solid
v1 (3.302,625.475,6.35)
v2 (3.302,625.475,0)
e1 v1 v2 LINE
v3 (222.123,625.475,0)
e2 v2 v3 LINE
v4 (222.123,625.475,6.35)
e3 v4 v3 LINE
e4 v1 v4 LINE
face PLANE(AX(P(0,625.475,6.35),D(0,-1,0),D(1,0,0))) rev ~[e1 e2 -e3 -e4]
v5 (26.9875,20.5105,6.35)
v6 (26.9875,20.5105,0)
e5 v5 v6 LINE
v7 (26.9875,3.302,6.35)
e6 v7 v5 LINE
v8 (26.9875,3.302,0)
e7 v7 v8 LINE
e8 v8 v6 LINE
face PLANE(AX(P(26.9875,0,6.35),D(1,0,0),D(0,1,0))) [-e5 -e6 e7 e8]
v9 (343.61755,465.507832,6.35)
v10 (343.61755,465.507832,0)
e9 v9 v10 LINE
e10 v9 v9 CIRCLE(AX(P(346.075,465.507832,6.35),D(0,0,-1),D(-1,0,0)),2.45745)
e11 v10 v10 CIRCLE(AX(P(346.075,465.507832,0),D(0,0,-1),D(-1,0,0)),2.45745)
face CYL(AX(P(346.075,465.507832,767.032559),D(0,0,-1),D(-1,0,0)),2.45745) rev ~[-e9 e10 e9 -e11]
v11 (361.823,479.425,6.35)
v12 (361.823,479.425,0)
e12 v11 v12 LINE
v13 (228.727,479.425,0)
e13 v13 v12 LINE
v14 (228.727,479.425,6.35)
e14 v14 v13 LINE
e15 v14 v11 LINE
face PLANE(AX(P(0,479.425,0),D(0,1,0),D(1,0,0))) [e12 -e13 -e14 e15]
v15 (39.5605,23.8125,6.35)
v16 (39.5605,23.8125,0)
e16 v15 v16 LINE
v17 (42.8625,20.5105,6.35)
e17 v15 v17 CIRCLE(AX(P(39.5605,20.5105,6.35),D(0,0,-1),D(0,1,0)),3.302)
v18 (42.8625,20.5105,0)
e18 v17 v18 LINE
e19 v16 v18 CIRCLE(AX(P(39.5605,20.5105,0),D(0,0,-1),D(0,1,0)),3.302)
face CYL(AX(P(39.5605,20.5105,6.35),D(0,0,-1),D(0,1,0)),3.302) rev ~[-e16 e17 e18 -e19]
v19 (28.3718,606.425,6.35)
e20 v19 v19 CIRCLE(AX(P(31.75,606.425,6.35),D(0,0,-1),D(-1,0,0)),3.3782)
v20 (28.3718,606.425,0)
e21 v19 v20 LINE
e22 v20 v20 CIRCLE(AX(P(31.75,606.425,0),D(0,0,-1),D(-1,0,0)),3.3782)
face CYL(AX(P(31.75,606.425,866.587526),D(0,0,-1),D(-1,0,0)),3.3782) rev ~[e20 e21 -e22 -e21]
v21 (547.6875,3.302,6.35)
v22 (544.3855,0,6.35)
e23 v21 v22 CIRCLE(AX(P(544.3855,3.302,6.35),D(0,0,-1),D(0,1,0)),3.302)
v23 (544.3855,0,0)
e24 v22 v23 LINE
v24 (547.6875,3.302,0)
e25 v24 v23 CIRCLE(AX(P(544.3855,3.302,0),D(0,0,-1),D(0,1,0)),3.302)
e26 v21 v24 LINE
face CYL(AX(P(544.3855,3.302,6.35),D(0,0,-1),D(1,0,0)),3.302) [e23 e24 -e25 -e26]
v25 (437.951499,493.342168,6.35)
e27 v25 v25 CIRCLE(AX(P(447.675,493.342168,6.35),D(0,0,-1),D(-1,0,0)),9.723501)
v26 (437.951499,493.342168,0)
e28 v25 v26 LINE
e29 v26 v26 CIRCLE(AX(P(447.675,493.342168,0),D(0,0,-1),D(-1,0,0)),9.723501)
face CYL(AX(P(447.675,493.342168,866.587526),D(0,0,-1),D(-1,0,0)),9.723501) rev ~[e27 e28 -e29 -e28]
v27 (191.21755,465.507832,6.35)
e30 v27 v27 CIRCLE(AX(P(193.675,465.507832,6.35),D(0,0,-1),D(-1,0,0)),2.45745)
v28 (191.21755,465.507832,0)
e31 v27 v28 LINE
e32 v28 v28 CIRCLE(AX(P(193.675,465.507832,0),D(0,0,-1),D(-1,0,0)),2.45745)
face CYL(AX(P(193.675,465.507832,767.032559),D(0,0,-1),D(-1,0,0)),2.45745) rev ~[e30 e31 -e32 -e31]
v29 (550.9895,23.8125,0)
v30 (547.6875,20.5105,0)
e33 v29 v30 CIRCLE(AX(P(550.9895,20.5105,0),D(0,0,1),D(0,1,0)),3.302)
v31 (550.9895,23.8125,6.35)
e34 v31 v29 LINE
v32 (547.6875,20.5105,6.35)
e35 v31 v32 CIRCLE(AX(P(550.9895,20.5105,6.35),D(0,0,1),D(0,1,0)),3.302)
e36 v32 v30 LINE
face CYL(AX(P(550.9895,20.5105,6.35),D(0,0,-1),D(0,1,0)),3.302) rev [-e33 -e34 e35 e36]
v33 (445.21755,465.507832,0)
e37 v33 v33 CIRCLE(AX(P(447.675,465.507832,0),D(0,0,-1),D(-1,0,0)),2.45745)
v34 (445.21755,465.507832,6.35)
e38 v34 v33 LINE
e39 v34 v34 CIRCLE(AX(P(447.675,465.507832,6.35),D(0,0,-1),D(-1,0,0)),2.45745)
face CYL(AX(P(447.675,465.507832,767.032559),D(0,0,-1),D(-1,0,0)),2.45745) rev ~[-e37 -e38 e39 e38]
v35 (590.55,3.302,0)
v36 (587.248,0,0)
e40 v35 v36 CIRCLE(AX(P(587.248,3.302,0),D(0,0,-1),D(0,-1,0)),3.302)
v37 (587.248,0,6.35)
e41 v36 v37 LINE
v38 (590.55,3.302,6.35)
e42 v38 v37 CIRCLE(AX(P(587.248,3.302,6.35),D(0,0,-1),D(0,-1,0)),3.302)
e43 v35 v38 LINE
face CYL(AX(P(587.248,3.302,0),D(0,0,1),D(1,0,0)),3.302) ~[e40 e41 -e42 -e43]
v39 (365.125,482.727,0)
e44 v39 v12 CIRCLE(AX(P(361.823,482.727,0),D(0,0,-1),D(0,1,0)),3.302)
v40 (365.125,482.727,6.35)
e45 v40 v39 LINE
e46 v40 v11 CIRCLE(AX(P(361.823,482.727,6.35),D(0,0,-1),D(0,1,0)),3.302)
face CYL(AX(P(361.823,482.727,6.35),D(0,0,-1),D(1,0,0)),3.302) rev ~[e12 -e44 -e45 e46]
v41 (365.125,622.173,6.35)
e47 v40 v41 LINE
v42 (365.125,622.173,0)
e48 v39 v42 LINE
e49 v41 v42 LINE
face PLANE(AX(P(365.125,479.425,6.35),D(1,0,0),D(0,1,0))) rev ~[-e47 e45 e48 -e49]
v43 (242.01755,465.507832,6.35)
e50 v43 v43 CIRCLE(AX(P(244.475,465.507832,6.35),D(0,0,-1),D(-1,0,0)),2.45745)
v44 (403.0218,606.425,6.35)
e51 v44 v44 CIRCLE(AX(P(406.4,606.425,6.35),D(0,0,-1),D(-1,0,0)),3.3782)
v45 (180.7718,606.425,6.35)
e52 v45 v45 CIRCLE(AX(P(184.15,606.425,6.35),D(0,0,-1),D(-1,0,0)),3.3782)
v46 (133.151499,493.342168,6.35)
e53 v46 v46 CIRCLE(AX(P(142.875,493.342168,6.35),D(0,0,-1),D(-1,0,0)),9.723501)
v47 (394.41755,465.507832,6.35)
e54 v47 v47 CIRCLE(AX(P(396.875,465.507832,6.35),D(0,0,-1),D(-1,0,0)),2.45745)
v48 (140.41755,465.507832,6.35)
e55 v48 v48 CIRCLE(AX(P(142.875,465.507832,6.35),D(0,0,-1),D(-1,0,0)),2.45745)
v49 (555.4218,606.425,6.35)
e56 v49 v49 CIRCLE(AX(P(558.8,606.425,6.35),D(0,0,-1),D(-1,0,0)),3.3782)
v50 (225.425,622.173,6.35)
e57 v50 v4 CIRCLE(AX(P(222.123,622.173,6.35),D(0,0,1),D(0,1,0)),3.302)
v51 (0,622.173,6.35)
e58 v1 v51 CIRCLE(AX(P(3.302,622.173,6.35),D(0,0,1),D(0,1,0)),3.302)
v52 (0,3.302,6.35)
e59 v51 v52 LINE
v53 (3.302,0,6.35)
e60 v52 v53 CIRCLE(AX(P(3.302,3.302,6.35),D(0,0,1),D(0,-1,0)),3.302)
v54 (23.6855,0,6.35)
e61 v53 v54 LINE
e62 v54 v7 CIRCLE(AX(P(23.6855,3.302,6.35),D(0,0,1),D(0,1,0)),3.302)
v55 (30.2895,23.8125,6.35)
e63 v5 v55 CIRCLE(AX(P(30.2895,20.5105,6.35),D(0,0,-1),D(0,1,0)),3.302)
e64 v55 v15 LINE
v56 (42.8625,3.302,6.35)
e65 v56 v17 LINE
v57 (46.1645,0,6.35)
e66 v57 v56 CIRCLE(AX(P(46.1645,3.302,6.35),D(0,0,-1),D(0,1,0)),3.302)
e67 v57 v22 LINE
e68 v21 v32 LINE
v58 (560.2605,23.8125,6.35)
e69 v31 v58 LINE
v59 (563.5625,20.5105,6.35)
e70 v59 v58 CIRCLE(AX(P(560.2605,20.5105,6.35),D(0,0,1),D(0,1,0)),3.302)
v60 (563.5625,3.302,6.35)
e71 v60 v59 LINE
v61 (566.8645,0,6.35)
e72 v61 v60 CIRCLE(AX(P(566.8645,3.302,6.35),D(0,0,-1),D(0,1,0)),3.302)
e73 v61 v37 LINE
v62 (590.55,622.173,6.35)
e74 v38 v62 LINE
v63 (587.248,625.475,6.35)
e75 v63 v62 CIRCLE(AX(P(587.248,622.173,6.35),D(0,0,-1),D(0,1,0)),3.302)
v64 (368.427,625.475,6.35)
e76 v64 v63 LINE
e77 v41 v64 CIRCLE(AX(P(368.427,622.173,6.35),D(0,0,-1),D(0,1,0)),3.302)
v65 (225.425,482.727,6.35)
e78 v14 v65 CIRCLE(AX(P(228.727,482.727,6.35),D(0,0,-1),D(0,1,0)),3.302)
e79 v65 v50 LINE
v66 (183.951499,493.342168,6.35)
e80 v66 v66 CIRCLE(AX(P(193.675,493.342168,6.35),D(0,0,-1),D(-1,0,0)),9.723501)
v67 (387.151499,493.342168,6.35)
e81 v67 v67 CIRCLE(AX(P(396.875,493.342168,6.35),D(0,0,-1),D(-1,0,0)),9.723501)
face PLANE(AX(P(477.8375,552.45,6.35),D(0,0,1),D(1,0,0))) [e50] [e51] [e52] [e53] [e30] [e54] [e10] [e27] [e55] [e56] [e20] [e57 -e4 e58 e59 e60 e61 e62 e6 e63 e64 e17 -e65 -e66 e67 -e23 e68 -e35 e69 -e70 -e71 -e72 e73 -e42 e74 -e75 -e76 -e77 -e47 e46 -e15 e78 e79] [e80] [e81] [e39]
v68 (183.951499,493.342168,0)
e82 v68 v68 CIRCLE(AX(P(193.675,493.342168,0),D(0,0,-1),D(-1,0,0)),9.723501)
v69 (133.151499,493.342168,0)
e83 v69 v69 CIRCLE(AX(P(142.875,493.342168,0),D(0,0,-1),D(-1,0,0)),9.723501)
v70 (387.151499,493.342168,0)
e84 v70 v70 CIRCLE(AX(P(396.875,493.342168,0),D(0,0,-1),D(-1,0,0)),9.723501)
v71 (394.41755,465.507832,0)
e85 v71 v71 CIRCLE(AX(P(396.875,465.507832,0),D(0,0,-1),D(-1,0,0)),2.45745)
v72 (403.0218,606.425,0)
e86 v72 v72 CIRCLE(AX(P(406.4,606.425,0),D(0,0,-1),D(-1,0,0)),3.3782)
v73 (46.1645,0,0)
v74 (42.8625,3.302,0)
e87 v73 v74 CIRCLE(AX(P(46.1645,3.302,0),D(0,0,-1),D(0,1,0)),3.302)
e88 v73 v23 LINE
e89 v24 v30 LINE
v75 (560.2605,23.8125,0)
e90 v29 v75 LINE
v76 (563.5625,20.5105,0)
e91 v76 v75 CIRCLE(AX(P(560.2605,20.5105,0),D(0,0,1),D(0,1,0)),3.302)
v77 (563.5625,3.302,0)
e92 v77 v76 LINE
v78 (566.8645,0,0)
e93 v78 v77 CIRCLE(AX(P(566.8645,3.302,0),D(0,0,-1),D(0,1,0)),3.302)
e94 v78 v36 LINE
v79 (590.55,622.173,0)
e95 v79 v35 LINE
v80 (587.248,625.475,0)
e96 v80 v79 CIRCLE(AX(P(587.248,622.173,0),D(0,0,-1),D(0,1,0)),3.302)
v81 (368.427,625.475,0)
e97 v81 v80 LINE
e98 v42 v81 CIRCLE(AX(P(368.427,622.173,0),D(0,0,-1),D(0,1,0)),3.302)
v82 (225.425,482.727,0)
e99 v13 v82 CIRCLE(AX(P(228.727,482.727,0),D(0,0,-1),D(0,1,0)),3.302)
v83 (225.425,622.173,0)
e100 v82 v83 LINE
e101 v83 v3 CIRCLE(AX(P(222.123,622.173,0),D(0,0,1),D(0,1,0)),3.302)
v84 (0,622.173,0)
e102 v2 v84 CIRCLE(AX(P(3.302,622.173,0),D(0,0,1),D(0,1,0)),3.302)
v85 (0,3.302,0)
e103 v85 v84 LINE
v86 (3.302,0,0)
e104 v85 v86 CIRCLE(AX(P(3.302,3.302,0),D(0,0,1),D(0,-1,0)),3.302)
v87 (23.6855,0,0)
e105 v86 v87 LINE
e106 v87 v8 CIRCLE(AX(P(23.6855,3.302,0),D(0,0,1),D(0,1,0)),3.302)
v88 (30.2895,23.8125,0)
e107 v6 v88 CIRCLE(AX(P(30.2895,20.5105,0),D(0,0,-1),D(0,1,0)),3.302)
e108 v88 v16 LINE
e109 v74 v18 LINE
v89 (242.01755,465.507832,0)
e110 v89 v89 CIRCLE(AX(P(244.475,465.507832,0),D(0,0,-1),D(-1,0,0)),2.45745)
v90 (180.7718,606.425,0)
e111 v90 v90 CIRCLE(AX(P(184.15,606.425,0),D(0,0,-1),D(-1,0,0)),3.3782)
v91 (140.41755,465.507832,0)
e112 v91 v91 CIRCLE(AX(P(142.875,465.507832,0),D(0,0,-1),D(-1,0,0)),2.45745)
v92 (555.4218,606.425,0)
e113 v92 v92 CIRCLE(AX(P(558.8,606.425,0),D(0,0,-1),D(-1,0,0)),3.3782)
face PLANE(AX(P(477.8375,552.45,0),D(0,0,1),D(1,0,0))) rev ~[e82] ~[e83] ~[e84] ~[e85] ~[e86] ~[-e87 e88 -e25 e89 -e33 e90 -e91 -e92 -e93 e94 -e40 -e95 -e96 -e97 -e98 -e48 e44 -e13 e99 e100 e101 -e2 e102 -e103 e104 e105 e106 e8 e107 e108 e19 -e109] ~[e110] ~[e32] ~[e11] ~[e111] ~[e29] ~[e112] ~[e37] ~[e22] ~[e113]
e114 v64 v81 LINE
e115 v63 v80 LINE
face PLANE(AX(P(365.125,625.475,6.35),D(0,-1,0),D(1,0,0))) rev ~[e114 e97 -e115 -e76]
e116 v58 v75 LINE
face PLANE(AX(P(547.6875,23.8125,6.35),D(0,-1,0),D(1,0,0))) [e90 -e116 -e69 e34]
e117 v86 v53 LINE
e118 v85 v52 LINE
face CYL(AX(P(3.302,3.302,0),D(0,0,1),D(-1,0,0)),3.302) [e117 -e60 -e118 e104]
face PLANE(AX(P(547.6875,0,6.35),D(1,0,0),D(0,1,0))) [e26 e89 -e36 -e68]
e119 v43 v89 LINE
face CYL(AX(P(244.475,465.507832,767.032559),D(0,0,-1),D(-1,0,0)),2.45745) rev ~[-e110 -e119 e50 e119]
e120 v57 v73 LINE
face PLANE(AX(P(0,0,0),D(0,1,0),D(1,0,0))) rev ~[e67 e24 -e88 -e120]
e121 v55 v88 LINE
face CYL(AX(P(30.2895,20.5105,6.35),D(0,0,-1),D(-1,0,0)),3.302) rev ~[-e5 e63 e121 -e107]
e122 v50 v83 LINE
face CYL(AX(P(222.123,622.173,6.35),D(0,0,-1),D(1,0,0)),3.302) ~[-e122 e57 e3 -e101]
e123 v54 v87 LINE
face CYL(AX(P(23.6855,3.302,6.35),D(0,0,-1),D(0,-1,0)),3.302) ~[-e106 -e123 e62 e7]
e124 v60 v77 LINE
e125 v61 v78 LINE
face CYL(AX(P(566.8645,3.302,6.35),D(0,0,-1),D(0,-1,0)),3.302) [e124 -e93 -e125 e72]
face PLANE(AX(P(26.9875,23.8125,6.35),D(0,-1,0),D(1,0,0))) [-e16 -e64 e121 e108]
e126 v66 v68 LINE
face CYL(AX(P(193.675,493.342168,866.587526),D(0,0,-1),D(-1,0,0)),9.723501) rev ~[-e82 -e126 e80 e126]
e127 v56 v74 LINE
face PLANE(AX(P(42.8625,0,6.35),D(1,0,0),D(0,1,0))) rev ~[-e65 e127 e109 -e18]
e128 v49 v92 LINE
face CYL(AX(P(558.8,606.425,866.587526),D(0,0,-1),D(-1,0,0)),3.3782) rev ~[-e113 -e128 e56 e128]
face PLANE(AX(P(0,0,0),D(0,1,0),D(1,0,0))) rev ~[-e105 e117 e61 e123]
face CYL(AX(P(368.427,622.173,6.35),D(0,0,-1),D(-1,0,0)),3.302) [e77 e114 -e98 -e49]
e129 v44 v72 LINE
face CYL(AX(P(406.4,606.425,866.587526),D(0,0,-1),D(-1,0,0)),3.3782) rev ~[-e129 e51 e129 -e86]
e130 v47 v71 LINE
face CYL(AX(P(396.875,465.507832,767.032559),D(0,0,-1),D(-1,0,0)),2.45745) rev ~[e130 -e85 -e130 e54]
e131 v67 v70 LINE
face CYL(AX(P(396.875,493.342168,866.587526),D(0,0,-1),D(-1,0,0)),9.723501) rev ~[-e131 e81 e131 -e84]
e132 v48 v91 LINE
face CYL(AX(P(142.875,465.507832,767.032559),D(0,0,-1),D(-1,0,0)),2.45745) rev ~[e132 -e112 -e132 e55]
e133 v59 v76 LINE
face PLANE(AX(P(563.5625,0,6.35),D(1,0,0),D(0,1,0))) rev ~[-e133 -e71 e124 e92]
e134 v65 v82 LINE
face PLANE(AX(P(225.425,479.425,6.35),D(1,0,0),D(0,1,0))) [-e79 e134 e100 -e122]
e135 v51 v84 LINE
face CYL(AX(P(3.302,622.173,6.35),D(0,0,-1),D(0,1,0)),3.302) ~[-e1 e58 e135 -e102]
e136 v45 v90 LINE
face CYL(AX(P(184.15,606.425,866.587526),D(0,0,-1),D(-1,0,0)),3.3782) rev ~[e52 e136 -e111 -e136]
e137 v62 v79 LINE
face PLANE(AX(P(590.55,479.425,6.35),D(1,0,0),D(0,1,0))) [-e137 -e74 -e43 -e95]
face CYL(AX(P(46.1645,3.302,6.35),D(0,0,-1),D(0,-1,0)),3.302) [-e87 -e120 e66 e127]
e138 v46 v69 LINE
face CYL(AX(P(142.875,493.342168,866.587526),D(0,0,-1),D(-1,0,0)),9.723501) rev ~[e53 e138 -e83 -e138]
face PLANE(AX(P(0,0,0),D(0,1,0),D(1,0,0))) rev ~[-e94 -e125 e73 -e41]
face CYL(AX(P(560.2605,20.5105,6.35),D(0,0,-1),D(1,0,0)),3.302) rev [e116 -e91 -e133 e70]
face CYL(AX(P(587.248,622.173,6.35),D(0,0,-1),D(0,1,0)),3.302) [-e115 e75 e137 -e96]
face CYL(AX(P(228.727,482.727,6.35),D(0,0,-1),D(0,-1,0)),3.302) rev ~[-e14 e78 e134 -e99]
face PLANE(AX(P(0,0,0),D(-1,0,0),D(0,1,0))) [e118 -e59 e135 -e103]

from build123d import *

# Parameters (mm, degrees)
SKETCH1_W                        = 590.55
SKETCH1_H                        = 479.425
BOSS_EXTRUDE1_DEPTH              = 6.35
SKETCH2_W                        = 15.875
SKETCH2_H                        = 23.8125
CUT_EXTRUDE1_DEPTH               = 761.682559038
F_10_0_1935_DIAMETER_HOLE1_D     = 4.9149
SKETCH6_W                        = 225.425
SKETCH6_H                        = 146.05
BOSS_EXTRUDE3_DEPTH              = 6.35
F_49_64_0_76563_DIAMETER_HOLE1_D = 19.447002
F_1_4_CLEARANCE_HOLE1_D          = 6.7564
FILLET1_R                        = 3.302


with BuildPart() as part:
    # Sketch1 → Boss-Extrude1 (new body)
    with BuildSketch(Plane.XY):
        with Locations((295.275, 239.7125)):
            Rectangle(SKETCH1_W, SKETCH1_H)
    extrude(amount=BOSS_EXTRUDE1_DEPTH)

    # Sketch2 → Cut-Extrude1 (cut, through all)
    with BuildSketch(Plane.XY.offset(6.35)):
        with Locations((34.925, 11.90625)):
            Rectangle(SKETCH2_W, SKETCH2_H)
        with Locations((555.625, 11.90625)):
            Rectangle(SKETCH2_W, SKETCH2_H)
    extrude(amount=-CUT_EXTRUDE1_DEPTH, mode=Mode.SUBTRACT)

    # #10 (0.1935) Diameter Hole1 (through all)
    with Locations(Plane.XY.offset(6.35)):
        with Locations((142.875, 465.507832), (244.475, 465.507832), (346.075, 465.507832), (447.675, 465.507832), (193.675, 465.507832), (396.875, 465.507832)):
            Hole(F_10_0_1935_DIAMETER_HOLE1_D / 2)

    # Sketch6 → Boss-Extrude3 (add)
    with BuildSketch(Plane.XY.offset(6.35)):
        with Locations((477.8375, 552.45)):
            Rectangle(SKETCH6_W, SKETCH6_H)
        with Locations((112.7125, 552.45)):
            Rectangle(SKETCH6_W, SKETCH6_H)
    extrude(amount=-BOSS_EXTRUDE3_DEPTH)

    # 49/64 (0.76563) Diameter Hole1 (through all)
    with Locations(Plane.XY.offset(6.35)):
        with Locations((142.875, 493.342168), (447.675, 493.342168), (193.675, 493.342168), (396.875, 493.342168)):
            Hole(F_49_64_0_76563_DIAMETER_HOLE1_D / 2)

    # 1/4 Clearance Hole1 (through all)
    with Locations(Plane.XY.offset(6.35)):
        with Locations((31.75, 606.425), (184.15, 606.425), (406.4, 606.425), (558.8, 606.425)):
            Hole(F_1_4_CLEARANCE_HOLE1_D / 2)

    # Fillet1
    fillet1_edges = [part.edges().sort_by_distance(p)[0] for p in [
        (42.8625, 0, 3.175),
        (26.9875, 0, 3.175),
        (26.9875, 23.8125, 3.175),
        (42.8625, 23.8125, 3.175),
        (563.5625, 0, 3.175),
        (547.6875, 0, 3.175),
        (547.6875, 23.8125, 3.175),
        (563.5625, 23.8125, 3.175),
        (590.55, 0, 3.175),
        (365.125, 625.475, 3.175),
        (365.125, 479.425, 3.175),
        (590.55, 625.475, 3.175),
        (0, 0, 3.175),
        (225.425, 479.425, 3.175),
        (225.425, 625.475, 3.175),
        (0, 625.475, 3.175),
    ]]
    fillet(fillet1_edges, radius=FILLET1_R)


solid = part.part
